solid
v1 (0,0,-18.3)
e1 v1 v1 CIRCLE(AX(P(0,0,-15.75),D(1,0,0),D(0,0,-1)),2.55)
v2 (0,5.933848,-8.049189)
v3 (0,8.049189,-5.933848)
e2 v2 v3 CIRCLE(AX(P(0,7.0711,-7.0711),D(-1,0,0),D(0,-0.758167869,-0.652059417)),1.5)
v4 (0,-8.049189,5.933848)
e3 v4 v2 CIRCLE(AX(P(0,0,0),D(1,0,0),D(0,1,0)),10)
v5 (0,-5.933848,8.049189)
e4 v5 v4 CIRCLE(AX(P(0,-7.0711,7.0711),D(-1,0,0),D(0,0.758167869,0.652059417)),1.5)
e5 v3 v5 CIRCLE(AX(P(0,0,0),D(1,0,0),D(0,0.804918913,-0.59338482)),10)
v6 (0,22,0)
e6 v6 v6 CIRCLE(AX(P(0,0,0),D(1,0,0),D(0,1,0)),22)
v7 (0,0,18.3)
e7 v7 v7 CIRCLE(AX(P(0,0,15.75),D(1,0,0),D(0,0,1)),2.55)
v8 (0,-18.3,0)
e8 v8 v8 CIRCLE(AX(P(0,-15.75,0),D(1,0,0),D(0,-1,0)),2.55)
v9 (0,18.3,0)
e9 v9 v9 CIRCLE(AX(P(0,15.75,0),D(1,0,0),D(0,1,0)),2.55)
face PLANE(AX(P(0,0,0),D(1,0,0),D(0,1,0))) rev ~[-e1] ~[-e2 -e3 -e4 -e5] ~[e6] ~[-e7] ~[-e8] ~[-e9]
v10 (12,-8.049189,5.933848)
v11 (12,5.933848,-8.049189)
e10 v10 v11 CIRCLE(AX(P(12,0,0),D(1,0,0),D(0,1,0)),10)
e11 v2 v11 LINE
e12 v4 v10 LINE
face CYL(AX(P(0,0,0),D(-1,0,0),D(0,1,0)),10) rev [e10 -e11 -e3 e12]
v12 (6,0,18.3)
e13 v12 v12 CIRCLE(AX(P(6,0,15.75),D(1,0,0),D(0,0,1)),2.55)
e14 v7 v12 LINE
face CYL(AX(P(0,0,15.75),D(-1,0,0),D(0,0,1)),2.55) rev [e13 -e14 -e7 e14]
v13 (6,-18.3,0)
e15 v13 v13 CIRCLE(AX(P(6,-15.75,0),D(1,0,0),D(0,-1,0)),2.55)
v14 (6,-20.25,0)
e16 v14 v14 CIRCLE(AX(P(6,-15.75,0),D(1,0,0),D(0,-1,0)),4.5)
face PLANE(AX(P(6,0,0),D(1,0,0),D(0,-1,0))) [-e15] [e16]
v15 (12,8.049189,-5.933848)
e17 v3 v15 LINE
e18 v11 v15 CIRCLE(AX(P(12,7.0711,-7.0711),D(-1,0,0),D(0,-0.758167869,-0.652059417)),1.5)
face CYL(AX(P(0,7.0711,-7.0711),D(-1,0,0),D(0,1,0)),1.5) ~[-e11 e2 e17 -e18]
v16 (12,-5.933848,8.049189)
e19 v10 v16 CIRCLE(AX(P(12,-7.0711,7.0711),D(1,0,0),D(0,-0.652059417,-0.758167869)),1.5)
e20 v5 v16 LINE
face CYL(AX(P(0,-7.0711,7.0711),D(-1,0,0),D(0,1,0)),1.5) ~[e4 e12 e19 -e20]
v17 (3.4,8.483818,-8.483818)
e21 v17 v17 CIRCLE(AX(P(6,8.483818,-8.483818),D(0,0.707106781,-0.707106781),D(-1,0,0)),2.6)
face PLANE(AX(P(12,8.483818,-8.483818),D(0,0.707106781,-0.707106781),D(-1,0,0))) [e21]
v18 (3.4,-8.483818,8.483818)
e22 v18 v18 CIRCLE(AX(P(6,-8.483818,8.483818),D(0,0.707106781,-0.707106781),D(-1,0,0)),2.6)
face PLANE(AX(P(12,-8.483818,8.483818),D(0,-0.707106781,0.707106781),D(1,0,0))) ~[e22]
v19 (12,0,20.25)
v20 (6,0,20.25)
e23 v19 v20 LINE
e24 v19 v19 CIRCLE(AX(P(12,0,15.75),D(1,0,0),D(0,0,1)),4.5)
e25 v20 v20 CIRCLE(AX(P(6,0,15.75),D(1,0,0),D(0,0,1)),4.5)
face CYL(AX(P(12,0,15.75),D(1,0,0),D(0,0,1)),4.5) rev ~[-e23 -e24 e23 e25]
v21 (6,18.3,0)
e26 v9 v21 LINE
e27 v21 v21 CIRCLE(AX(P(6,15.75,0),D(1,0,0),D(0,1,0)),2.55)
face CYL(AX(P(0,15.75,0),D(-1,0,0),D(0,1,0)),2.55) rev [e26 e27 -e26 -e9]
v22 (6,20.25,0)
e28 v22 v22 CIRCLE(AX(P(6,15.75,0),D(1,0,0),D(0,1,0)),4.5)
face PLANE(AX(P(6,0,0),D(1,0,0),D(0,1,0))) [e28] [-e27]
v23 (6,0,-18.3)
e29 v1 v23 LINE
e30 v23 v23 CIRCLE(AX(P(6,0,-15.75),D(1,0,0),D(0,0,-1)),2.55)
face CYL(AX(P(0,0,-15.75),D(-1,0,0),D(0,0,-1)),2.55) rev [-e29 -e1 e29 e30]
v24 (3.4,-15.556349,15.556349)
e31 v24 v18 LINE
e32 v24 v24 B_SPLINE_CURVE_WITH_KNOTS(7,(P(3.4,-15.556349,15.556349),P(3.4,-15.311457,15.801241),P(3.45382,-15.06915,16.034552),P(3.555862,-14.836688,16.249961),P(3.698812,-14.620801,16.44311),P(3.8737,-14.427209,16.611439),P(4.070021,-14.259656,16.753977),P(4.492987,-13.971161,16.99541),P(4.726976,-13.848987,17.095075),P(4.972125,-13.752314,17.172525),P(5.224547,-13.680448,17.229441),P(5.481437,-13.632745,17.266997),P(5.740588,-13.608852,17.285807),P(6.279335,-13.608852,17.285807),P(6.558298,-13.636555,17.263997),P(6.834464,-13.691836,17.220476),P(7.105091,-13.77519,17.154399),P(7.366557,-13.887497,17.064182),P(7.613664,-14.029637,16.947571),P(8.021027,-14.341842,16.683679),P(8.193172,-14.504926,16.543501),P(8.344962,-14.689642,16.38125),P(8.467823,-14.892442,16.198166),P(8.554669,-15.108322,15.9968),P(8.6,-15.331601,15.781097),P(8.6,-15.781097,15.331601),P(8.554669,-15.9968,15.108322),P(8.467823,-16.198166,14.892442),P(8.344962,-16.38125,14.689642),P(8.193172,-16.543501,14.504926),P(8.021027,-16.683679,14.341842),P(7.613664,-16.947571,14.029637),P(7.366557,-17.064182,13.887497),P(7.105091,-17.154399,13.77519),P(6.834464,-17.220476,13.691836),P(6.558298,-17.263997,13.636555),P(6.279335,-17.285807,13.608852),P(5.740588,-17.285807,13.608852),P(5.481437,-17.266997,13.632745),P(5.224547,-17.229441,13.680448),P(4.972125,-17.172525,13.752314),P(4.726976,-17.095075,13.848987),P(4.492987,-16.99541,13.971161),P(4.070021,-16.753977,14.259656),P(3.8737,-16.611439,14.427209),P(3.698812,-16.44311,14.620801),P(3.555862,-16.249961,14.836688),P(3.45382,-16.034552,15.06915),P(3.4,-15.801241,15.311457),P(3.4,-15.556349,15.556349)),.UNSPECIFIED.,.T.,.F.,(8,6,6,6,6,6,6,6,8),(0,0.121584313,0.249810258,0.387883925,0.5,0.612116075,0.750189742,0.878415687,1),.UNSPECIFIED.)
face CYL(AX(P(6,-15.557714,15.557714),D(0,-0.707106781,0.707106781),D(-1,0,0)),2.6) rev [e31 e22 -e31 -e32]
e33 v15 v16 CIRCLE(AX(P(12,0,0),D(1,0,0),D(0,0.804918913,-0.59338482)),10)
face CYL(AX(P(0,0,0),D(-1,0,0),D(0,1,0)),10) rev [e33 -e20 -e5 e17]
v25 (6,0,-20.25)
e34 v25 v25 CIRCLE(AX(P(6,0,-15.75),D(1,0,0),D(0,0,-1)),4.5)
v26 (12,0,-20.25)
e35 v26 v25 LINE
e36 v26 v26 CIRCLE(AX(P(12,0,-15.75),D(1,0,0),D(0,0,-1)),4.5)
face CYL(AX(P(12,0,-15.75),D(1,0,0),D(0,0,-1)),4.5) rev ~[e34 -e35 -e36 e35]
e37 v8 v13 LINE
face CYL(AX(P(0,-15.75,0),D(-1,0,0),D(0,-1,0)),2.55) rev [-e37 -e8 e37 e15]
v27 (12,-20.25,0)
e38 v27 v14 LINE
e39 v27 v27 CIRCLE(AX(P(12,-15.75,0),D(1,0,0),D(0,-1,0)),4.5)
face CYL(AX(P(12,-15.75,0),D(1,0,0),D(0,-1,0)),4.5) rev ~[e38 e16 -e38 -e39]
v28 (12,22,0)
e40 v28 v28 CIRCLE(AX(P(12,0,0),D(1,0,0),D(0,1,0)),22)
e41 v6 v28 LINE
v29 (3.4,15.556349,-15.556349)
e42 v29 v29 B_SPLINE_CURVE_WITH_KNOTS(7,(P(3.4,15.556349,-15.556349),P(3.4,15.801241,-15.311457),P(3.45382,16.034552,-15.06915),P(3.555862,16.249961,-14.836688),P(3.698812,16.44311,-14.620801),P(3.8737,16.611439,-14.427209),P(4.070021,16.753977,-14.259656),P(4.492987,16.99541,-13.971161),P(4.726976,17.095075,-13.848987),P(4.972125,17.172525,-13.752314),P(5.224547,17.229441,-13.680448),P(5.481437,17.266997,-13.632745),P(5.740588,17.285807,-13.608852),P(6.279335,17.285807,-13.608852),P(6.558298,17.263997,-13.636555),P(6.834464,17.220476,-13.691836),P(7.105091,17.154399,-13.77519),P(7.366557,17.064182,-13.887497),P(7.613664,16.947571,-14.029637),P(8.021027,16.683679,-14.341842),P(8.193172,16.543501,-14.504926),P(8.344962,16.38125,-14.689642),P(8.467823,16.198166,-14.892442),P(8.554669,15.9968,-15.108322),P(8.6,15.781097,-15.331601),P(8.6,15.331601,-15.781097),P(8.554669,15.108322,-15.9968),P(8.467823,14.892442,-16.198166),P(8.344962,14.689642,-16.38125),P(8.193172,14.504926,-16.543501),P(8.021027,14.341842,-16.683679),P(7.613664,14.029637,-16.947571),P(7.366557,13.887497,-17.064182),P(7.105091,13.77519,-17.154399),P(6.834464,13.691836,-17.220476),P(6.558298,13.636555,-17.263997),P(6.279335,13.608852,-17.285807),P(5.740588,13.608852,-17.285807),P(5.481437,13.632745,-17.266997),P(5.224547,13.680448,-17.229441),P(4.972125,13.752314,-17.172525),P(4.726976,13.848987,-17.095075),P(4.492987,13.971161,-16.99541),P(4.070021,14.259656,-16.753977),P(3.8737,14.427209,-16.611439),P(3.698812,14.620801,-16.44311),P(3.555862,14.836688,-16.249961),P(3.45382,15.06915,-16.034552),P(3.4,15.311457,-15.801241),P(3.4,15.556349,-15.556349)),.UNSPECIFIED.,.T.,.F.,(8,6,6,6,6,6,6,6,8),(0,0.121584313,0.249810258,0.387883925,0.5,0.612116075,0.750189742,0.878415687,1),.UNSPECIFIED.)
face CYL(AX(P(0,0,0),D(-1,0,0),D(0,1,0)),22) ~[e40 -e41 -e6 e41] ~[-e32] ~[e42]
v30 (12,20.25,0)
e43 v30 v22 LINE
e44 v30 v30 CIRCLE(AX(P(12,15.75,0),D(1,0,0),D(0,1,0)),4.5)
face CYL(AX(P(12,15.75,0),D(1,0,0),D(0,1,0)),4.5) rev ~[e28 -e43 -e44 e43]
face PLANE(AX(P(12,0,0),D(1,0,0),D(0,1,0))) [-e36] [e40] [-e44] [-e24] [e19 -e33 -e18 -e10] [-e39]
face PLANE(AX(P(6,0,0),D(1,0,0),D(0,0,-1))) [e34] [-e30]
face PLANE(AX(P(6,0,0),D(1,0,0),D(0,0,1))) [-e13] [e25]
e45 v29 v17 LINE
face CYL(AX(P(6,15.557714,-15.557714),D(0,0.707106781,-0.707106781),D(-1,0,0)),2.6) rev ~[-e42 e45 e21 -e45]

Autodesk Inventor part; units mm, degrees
ref_plane "YZ Plane" through (0, 0, 0) normal (1, 0, 0) x (0, 1, 0)
ref_plane "XZ Plane" through (0, 0, 0) normal (0, 1, 0) x (-1, 0, 0)
ref_plane "XY Plane" through (0, 0, 0) normal (0, 0, 1) x (1, 0, 0)
sketch "Sketch2" plane through (0, 0, 0) normal (1, 0, 0) x (0, 1, 0)
  circle A0 centre (0, 0) radius 10
  circle A1 centre (0, 0) radius 22
  line L0 (0, 0) -> (7.0711, -7.0711)
  line L1 (0, 0) -> (10, 0) construction
  circle A2 centre (7.0711, -7.0711) radius 1.5
  line L2 (0, 0) -> (10.8294, 10.8294)
  line L3 (0, 0) -> (15.315, 0) construction
  circle A3 centre (-7.0711, 7.0711) radius 1.5
  dimension "d3" = 20
  dimension "d4" = 44
  dimension "d16" = 10
  dimension "d17" = 45
  dimension "d18" = 3
  dimension "d19" = 45
extrude "Extrusion1" add sketch "Sketch2" along normal blind 12 contours A2 A0 | A0 L0 A2 | A3 A0 | A0 A3 | A0 A2 L0 | A1
sketch "Sketch4" plane through (0, 0, 0) normal (1, 0, 0) x (0, 0, -1)
  circle A0 centre (0, 0) radius 15.75
  circle A1 centre (15.75, 0) radius 2.55
  dimension "d9" = 31.5
  dimension "d10" = 5.1
extrude "Extrusion3" cut sketch "Sketch4" along normal blind 30 contours A0 A1 | A0 A1 picked at (14.9184, -0.4924) picked at (16.4994, -0.6699)
sketch "Sketch5" plane through (12, 0, 0) normal (1, 0, 0) x (0, 0, -1)
  circle A0 centre (15.75, 0) radius 2.55 projected
  circle A1 centre (15.75, 0) radius 4.5
  point P0 (0, 0)
  dimension "d20" = 9
extrude "Extrusion4" cut sketch "Sketch5" against normal blind 6
pattern_circular "Circular Pattern1" count 4 over 360 about axis through (-10, 0, 0) along (1, 0, 0) of "Extrusion3", "Extrusion4"
sketch "Sketch6" plane through (12, 0, 0) normal (1, 0, 0) x (0, 0, -1)
  line L0 (0, 0) -> (15.5563, 15.5563)
  line L1 (0, 0) -> (22, 0) construction
  dimension "d23" = 22
  dimension "d24" = 45
ref_plane "Work Plane1" through (12, 15.5563, -15.5563) normal (0, 0.7071, -0.7071) x (-1, 0, 0)
sketch "Sketch7" plane through (12, 15.5563, -15.5563) normal (0, 0.7071, -0.7071) x (-1, 0, 0)
  line L0 (0, 22) -> (0, -22) projected
  line L1 (0, 0) -> (12, 0)
  circle A0 centre (6, 0) radius 2.6
  dimension "d25" = 5.2
extrude "Extrusion5" cut sketch "Sketch7" against normal blind 10
ref_plane "Work Plane2" through (12, 0, 0) normal (0, 0.7071, -0.7071) x (-1, 0, 0)
thread "Thread1" size "M5x0.8" class "6H" standard "ANSI Metric M Profile" full length
mirror "Mirror1" about plane through (12, 0, 0) normal (0, 0.7071, -0.7071) of "Extrusion5"
properties part number "Pen Holder Interface"
